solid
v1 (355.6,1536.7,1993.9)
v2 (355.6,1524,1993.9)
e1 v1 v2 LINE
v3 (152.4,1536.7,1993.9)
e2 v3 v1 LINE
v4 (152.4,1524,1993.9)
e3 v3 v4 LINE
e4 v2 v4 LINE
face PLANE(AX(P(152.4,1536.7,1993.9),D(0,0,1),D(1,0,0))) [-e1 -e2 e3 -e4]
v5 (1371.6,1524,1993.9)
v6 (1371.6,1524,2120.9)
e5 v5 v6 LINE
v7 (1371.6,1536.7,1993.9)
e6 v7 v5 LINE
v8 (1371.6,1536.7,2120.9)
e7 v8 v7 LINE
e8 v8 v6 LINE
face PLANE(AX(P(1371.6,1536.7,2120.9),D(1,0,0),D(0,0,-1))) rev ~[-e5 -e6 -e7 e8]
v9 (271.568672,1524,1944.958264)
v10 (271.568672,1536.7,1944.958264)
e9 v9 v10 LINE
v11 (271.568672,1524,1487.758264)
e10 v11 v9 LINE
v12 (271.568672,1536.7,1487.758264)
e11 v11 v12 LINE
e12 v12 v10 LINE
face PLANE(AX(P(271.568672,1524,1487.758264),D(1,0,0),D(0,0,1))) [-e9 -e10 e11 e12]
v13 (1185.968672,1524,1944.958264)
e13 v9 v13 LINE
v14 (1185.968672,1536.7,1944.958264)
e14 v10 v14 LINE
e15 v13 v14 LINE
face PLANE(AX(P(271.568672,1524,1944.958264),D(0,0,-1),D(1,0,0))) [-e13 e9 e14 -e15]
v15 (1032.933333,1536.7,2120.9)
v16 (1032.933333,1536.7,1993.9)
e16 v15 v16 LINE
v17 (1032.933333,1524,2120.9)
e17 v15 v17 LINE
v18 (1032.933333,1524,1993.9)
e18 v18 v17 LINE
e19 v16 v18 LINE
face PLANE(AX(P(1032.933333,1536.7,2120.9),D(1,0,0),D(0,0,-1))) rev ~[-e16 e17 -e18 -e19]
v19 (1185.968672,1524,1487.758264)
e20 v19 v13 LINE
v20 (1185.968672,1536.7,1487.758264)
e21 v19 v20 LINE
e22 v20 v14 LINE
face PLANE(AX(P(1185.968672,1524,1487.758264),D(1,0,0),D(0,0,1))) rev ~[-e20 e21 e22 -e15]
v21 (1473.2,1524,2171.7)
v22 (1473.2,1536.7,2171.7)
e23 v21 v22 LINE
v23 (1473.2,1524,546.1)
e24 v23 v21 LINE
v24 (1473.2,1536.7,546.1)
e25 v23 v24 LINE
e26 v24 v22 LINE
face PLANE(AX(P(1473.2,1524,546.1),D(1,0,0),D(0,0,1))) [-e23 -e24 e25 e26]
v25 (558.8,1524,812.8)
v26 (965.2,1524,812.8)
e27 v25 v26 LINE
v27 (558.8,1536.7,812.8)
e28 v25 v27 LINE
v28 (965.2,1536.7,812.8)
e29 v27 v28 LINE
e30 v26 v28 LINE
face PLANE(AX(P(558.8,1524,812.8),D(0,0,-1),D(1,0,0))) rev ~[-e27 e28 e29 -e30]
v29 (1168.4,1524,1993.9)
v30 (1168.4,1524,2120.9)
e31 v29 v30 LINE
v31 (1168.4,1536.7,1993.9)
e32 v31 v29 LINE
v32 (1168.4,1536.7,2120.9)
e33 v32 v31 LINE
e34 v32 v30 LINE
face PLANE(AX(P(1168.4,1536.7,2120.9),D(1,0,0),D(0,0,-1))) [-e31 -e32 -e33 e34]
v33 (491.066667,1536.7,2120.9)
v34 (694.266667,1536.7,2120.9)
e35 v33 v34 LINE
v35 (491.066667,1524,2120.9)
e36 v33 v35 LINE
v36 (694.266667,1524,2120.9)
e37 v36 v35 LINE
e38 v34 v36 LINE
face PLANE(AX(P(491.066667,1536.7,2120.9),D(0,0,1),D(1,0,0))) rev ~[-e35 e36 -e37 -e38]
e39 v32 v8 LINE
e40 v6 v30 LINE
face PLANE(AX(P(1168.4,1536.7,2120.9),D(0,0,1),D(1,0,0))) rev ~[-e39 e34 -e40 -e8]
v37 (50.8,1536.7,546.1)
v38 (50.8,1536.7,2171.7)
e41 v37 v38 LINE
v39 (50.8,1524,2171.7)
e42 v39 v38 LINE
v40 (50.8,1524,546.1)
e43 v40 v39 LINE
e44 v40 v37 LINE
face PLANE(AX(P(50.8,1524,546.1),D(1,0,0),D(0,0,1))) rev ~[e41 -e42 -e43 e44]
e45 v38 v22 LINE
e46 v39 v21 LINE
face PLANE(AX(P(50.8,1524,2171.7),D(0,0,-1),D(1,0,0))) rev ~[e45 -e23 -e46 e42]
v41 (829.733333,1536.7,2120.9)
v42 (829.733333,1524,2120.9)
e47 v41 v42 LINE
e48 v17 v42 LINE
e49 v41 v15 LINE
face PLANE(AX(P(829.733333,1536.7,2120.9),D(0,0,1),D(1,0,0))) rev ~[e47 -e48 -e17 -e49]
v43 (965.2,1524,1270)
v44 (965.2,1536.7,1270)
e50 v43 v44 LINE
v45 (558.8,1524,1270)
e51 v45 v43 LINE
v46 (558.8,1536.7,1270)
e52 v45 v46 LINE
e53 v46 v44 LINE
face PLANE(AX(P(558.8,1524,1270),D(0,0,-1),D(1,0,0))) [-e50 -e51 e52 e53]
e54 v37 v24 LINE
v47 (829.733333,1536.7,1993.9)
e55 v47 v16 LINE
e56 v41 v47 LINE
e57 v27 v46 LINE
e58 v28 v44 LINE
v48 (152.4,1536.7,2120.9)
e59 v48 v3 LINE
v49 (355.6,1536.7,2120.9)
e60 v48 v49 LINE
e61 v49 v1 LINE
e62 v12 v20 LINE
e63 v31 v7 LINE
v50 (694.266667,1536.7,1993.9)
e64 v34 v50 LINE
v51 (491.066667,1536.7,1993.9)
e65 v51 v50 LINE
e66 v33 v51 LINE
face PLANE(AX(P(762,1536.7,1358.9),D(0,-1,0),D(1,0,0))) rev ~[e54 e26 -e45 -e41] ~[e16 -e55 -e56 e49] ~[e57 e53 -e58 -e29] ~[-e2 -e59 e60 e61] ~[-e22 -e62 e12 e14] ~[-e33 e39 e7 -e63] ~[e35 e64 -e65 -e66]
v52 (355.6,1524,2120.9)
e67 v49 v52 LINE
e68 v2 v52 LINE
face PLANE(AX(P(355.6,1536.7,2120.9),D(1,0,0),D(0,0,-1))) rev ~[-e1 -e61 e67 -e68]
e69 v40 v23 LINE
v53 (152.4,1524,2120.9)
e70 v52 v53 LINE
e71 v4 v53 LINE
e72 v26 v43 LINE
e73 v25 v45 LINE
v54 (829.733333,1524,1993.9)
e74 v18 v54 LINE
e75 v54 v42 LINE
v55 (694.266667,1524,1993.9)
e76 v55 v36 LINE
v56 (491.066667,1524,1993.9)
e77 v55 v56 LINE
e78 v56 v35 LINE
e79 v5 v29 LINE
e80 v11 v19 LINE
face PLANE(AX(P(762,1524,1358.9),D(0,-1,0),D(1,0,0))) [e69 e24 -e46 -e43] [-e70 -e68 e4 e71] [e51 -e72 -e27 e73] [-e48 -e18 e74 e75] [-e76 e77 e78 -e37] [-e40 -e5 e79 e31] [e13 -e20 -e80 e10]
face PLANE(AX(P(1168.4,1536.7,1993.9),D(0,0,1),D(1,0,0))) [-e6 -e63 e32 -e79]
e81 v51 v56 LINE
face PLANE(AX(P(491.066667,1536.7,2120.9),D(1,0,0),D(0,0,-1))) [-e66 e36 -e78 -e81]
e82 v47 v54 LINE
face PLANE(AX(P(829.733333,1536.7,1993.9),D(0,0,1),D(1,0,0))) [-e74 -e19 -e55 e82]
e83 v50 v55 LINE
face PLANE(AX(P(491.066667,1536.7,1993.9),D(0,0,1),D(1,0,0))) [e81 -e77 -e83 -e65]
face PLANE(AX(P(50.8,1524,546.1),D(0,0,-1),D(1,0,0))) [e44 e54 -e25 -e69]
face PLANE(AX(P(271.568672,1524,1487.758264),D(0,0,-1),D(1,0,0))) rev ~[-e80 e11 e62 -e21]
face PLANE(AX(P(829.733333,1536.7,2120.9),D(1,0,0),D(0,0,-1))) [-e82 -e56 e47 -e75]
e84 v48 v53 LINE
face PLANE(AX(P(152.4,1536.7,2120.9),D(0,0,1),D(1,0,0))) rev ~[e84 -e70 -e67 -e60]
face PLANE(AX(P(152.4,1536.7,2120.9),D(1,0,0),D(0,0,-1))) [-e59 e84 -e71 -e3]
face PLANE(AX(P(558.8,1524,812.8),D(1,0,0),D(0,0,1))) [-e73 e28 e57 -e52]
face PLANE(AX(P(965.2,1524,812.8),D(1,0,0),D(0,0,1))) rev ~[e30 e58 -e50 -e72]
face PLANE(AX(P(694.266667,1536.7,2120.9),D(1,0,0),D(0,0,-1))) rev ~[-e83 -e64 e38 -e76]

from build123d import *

# Parameters (mm, degrees)
SKETCH023_W            = 1422.4
SKETCH023_H            = 1625.6
SKETCH023_W_2          = 406.4
SKETCH023_H_2          = 457.2
SKETCH023_W_3          = 914.4
PAD004_DEPTH           = 12.7
SKETCH024_W            = 203.2
SKETCH024_H            = 127
POCKET019_DEPTH        = 12.7010000028
LINEARPATTERN001_COUNT = 4
LINEARPATTERN001_PITCH = 338.6666666667


with BuildPart() as part:
    # Sketch023 → Pad004 (new body)
    with BuildSketch(Plane(origin=(0, 1524, 0), x_dir=(1, 0, 0), z_dir=(0, -1, 0))):
        with Locations((762, 1358.9)):
            Rectangle(SKETCH023_W, SKETCH023_H)
        with Locations((762, 1041.4)):
            Rectangle(SKETCH023_W_2, SKETCH023_H_2, mode=Mode.SUBTRACT)
        with Locations((728.768672, 1716.358264)):
            Rectangle(SKETCH023_W_3, SKETCH023_H_2, mode=Mode.SUBTRACT)
    extrude(amount=-PAD004_DEPTH)

    # Sketch024 → Pocket019 (cut, through all)
    with BuildSketch(Plane(origin=(0, 1536.7, 0), x_dir=(1, 0, 0), z_dir=(0, 1, 0))):
        with Locations((254, -2057.4)):
            Rectangle(SKETCH024_W, SKETCH024_H)
    pocket019 = extrude(amount=-POCKET019_DEPTH, mode=Mode.SUBTRACT)

    # LinearPattern001: Pocket019 ×4
    with Locations(*[(i * LINEARPATTERN001_PITCH, 0, 0) for i in range(1, LINEARPATTERN001_COUNT)]):
        add(pocket019, mode=Mode.SUBTRACT)


solid = part.part
